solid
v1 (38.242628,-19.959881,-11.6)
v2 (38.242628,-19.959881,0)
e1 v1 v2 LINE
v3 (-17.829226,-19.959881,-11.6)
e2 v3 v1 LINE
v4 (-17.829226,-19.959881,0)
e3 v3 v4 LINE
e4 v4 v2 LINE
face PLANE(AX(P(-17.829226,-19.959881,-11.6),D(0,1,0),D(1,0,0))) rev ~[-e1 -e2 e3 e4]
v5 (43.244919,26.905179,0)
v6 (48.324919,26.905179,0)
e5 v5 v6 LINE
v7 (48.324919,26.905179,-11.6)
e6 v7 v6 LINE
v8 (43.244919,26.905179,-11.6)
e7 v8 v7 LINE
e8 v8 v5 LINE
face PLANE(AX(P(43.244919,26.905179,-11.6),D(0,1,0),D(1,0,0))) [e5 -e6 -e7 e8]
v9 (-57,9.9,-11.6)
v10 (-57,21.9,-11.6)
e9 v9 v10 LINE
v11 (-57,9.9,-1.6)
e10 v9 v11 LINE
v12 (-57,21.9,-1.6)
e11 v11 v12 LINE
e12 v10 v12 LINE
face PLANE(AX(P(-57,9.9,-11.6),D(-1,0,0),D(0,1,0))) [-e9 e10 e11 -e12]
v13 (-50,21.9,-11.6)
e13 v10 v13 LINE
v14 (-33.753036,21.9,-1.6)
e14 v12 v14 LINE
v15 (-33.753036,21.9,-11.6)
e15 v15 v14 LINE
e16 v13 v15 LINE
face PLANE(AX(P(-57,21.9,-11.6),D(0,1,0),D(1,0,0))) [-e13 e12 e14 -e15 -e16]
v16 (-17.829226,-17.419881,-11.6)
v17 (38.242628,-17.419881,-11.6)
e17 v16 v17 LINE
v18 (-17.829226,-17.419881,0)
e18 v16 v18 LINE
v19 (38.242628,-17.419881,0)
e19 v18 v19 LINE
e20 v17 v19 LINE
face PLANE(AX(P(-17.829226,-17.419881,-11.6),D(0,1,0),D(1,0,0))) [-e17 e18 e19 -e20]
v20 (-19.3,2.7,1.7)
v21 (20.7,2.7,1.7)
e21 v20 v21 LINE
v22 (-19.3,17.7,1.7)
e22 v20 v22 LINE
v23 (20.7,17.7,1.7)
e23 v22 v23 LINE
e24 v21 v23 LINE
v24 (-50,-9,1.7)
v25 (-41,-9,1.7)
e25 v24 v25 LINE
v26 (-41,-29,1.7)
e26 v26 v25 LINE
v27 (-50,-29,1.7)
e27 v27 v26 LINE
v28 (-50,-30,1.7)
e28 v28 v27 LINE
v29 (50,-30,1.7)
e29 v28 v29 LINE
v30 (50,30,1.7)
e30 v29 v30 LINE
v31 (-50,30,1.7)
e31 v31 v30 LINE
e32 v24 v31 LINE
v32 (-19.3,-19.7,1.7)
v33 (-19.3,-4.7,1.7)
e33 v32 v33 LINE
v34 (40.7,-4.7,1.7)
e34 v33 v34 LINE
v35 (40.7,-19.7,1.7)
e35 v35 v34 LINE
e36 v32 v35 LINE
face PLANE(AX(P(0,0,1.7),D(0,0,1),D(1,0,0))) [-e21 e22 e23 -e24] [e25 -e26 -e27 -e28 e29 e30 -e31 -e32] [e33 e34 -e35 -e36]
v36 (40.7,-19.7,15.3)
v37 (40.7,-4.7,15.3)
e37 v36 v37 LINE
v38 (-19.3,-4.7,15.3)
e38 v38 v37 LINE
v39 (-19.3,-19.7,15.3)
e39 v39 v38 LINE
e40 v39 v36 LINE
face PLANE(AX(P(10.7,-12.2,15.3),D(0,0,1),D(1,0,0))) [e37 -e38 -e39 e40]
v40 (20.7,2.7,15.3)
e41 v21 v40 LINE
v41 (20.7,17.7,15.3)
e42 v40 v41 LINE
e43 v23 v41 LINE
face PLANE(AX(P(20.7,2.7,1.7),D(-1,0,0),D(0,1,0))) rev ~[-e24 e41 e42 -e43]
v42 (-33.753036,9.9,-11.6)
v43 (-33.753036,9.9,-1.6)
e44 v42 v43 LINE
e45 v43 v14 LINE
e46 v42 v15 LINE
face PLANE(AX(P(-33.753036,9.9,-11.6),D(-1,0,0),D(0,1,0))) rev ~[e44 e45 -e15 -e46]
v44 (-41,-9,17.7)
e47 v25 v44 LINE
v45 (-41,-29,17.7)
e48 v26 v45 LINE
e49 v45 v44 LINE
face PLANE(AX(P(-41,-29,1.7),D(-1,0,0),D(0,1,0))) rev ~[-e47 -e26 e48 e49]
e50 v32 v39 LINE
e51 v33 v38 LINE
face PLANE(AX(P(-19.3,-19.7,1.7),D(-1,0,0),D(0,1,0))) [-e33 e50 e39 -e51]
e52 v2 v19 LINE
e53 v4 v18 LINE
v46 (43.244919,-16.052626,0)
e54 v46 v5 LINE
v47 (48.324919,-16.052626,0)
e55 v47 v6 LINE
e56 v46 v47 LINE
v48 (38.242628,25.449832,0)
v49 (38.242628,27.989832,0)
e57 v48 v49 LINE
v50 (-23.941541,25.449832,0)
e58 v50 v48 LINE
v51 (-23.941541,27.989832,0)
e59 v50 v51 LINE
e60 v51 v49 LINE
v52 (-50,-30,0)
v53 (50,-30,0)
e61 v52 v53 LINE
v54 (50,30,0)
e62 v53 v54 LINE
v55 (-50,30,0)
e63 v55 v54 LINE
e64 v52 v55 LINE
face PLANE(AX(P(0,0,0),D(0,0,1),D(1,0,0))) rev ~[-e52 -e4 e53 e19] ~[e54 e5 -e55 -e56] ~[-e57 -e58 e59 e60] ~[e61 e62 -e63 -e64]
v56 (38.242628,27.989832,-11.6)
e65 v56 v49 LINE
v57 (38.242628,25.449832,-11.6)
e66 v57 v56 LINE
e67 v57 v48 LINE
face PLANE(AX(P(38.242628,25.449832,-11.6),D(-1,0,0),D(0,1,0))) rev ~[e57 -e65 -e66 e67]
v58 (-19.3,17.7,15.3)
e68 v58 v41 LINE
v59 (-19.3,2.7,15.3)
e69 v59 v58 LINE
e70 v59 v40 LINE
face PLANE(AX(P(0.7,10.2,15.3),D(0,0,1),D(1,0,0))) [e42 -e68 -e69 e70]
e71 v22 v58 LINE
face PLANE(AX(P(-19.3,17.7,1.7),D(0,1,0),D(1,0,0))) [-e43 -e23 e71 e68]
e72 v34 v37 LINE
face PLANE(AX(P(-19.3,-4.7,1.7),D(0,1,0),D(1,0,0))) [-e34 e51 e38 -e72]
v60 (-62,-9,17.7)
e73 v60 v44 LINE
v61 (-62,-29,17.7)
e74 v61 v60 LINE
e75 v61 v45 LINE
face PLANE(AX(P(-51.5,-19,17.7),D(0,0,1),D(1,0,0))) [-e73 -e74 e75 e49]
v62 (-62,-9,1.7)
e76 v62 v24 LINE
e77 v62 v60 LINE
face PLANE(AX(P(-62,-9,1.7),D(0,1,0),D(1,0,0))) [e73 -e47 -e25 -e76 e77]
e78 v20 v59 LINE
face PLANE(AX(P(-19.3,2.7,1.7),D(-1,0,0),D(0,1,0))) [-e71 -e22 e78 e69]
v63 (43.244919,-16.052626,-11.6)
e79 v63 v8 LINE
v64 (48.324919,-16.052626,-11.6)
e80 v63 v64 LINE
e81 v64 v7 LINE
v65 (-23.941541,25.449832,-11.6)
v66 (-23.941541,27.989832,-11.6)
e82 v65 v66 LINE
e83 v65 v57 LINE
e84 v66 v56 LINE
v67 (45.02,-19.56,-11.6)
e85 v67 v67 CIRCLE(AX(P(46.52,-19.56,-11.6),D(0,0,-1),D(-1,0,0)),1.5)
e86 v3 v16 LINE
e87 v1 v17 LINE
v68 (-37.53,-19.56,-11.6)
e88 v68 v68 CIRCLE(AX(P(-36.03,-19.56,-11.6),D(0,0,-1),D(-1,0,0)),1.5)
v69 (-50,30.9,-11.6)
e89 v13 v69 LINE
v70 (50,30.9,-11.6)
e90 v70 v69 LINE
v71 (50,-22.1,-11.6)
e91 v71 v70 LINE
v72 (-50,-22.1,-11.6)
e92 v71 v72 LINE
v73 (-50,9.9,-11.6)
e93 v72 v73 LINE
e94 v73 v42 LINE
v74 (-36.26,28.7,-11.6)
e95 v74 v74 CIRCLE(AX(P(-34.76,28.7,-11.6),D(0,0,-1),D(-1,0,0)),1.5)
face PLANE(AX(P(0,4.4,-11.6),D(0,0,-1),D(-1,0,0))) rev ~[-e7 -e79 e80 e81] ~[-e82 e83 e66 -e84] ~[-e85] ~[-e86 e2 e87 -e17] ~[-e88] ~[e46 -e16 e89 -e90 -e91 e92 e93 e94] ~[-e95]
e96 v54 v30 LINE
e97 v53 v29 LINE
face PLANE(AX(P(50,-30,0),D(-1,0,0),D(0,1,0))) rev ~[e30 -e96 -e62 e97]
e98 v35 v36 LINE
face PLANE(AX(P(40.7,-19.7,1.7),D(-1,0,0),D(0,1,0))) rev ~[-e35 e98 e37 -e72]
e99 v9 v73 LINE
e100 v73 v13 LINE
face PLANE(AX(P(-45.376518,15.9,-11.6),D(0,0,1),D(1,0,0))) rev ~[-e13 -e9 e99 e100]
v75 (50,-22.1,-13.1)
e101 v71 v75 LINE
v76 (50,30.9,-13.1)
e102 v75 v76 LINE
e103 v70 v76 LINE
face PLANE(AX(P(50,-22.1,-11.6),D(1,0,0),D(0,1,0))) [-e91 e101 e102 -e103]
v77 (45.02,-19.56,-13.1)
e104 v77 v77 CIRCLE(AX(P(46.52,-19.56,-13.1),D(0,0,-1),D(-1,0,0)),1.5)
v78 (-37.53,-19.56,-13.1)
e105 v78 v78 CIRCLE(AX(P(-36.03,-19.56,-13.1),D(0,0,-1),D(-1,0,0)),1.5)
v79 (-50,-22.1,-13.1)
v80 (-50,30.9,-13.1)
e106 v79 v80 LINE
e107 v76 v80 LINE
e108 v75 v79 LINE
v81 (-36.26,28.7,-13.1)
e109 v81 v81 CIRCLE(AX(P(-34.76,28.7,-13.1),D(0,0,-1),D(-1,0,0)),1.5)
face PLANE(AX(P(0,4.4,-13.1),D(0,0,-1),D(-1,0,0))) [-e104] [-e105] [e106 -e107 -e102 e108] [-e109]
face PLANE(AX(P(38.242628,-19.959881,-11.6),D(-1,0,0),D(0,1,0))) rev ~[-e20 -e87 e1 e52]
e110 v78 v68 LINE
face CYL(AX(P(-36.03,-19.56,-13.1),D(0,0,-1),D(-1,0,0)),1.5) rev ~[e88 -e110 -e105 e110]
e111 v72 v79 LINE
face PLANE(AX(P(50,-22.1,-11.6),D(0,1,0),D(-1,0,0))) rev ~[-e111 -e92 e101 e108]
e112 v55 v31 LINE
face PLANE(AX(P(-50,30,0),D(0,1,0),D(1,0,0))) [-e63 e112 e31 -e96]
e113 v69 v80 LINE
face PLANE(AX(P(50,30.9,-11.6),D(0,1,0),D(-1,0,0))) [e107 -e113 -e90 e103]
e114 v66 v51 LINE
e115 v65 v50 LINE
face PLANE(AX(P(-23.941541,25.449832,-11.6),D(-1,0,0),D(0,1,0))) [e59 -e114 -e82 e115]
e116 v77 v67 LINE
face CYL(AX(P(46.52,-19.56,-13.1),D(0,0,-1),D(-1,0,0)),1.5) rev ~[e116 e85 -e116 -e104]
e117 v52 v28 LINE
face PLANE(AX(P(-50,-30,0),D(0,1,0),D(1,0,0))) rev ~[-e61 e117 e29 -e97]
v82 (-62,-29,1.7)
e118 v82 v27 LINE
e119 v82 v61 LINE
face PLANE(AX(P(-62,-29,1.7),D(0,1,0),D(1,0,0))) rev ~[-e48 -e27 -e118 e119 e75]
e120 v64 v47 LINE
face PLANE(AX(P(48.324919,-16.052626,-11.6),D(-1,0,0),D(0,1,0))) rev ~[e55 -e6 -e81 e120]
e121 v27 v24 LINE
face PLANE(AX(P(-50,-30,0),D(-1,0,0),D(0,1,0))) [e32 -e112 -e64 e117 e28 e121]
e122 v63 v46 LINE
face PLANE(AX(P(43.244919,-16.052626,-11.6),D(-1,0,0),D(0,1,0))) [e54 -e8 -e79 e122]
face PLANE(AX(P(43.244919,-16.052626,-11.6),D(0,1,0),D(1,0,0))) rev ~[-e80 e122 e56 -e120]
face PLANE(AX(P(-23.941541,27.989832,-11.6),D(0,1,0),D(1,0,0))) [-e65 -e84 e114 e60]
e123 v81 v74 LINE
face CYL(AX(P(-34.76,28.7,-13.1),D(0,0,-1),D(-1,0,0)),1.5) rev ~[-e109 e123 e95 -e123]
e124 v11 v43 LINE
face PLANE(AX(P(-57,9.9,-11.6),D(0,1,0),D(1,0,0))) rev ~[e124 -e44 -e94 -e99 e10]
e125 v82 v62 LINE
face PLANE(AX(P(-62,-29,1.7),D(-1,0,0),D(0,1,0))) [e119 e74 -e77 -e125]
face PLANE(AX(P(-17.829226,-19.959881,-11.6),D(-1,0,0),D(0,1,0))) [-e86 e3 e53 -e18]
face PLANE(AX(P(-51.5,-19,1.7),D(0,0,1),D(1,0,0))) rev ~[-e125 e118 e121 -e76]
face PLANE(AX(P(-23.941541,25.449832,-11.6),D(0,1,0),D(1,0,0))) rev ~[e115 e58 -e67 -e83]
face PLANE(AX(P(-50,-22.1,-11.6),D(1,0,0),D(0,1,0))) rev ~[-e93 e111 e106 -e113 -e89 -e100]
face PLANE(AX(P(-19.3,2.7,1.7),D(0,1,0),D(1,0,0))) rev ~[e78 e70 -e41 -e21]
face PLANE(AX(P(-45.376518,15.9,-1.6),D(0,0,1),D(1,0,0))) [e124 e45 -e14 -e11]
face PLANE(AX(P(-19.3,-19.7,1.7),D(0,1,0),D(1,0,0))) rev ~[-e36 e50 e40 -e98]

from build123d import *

# Parameters (mm, degrees)
ESBO_O1_W                 = 100
ESBO_O1_H                 = 60
RESSALTO_EXTRUS_O1_DEPTH  = 1.7
ESBO_O2_W                 = 60
ESBO_O2_H                 = 15
ESBO_O2_W_2               = 40
RESSALTO_EXTRUS_O2_DEPTH  = 13.6
RESSALTO_EXTRUS_O6_START  = 11.6
ESBO_O3_W                 = 100
ESBO_O3_H                 = 53
RESSALTO_EXTRUS_O6_DEPTH  = 1.5
ESBO_O4_W                 = 62.184169383
ESBO_O4_H                 = 2.54
ESBO_O4_W_2               = 5.08
ESBO_O4_H_2               = 42.957805244
ESBO_O4_W_3               = 56.07185462
RESSALTO_EXTRUS_O8_DEPTH  = 11.6
ESBO_O6_W                 = 21
ESBO_O6_H                 = 20
RESSALTO_EXTRUS_O9_DEPTH  = 16
ESBO_O7_W                 = 23.246964405
ESBO_O7_H                 = 12
RESSALTO_EXTRUS_O10_DEPTH = 10
ESBO_O8_R                 = 1.5
CORTE_EXTRUS_O1_DEPTH     = 10


with BuildPart() as part:
    # Esboço1 → Ressalto-extrusão1 (new body)
    with BuildSketch(Plane.XY):
        Rectangle(ESBO_O1_W, ESBO_O1_H)
    extrude(amount=RESSALTO_EXTRUS_O1_DEPTH)

    # Esboço2 → Ressalto-extrusão2 (add)
    with BuildSketch(Plane.XY.offset(1.7)):
        with Locations((10.7, -12.2)):
            Rectangle(ESBO_O2_W, ESBO_O2_H)
        with Locations((0.7, 10.2)):
            Rectangle(ESBO_O2_W_2, ESBO_O2_H)
    extrude(amount=RESSALTO_EXTRUS_O2_DEPTH)



with BuildPart() as body_2:
    # Esboço3 → Ressalto-extrusão6 (new body)
    with BuildSketch(Plane(origin=(0, 0, 0), x_dir=(-1, 0, 0), z_dir=(0, 0, -1)).offset(RESSALTO_EXTRUS_O6_START)):
        with Locations((0, 4.4)):
            Rectangle(ESBO_O3_W, ESBO_O3_H)
    extrude(amount=RESSALTO_EXTRUS_O6_DEPTH)


with BuildPart() as part_1:
    add(part.part)

    add(body_2.part)  # Ressalto-extrusão8 merges body 2
    # Esboço4 → Ressalto-extrusão8 (add)
    with BuildSketch(Plane.XY.offset(-11.6)):
        with Locations((7.150543675, 26.719832293)):
            Rectangle(ESBO_O4_W, ESBO_O4_H)
        with Locations((45.784919315, 5.42627648)):
            Rectangle(ESBO_O4_W_2, ESBO_O4_H_2)
        with Locations((10.206701056, -18.689881399)):
            Rectangle(ESBO_O4_W_3, ESBO_O4_H)
    extrude(amount=RESSALTO_EXTRUS_O8_DEPTH)

    # Esboço6 → Ressalto-extrusão9 (add)
    with BuildSketch(Plane.XY.offset(1.7)):
        with Locations((-51.5, -19)):
            Rectangle(ESBO_O6_W, ESBO_O6_H)
    extrude(amount=RESSALTO_EXTRUS_O9_DEPTH)

    # Esboço7 → Ressalto-extrusão10 (add)
    with BuildSketch(Plane.XY.offset(-11.6)):
        with Locations((-45.376517798, 15.9)):
            Rectangle(ESBO_O7_W, ESBO_O7_H)
    extrude(amount=RESSALTO_EXTRUS_O10_DEPTH)

    # Esboço8 → Corte-extrusão1 (cut)
    with BuildSketch(Plane(origin=(0, 0, -13.1), x_dir=(-1, 0, 0), z_dir=(0, 0, -1))):
        with Locations((34.76, 28.7)):
            Circle(ESBO_O8_R)
        with Locations((36.03, -19.56)):
            Circle(ESBO_O8_R)
        with Locations((-46.52, -19.56)):
            Circle(ESBO_O8_R)
    extrude(amount=-CORTE_EXTRUS_O1_DEPTH, mode=Mode.SUBTRACT)


solid = part_1.part
